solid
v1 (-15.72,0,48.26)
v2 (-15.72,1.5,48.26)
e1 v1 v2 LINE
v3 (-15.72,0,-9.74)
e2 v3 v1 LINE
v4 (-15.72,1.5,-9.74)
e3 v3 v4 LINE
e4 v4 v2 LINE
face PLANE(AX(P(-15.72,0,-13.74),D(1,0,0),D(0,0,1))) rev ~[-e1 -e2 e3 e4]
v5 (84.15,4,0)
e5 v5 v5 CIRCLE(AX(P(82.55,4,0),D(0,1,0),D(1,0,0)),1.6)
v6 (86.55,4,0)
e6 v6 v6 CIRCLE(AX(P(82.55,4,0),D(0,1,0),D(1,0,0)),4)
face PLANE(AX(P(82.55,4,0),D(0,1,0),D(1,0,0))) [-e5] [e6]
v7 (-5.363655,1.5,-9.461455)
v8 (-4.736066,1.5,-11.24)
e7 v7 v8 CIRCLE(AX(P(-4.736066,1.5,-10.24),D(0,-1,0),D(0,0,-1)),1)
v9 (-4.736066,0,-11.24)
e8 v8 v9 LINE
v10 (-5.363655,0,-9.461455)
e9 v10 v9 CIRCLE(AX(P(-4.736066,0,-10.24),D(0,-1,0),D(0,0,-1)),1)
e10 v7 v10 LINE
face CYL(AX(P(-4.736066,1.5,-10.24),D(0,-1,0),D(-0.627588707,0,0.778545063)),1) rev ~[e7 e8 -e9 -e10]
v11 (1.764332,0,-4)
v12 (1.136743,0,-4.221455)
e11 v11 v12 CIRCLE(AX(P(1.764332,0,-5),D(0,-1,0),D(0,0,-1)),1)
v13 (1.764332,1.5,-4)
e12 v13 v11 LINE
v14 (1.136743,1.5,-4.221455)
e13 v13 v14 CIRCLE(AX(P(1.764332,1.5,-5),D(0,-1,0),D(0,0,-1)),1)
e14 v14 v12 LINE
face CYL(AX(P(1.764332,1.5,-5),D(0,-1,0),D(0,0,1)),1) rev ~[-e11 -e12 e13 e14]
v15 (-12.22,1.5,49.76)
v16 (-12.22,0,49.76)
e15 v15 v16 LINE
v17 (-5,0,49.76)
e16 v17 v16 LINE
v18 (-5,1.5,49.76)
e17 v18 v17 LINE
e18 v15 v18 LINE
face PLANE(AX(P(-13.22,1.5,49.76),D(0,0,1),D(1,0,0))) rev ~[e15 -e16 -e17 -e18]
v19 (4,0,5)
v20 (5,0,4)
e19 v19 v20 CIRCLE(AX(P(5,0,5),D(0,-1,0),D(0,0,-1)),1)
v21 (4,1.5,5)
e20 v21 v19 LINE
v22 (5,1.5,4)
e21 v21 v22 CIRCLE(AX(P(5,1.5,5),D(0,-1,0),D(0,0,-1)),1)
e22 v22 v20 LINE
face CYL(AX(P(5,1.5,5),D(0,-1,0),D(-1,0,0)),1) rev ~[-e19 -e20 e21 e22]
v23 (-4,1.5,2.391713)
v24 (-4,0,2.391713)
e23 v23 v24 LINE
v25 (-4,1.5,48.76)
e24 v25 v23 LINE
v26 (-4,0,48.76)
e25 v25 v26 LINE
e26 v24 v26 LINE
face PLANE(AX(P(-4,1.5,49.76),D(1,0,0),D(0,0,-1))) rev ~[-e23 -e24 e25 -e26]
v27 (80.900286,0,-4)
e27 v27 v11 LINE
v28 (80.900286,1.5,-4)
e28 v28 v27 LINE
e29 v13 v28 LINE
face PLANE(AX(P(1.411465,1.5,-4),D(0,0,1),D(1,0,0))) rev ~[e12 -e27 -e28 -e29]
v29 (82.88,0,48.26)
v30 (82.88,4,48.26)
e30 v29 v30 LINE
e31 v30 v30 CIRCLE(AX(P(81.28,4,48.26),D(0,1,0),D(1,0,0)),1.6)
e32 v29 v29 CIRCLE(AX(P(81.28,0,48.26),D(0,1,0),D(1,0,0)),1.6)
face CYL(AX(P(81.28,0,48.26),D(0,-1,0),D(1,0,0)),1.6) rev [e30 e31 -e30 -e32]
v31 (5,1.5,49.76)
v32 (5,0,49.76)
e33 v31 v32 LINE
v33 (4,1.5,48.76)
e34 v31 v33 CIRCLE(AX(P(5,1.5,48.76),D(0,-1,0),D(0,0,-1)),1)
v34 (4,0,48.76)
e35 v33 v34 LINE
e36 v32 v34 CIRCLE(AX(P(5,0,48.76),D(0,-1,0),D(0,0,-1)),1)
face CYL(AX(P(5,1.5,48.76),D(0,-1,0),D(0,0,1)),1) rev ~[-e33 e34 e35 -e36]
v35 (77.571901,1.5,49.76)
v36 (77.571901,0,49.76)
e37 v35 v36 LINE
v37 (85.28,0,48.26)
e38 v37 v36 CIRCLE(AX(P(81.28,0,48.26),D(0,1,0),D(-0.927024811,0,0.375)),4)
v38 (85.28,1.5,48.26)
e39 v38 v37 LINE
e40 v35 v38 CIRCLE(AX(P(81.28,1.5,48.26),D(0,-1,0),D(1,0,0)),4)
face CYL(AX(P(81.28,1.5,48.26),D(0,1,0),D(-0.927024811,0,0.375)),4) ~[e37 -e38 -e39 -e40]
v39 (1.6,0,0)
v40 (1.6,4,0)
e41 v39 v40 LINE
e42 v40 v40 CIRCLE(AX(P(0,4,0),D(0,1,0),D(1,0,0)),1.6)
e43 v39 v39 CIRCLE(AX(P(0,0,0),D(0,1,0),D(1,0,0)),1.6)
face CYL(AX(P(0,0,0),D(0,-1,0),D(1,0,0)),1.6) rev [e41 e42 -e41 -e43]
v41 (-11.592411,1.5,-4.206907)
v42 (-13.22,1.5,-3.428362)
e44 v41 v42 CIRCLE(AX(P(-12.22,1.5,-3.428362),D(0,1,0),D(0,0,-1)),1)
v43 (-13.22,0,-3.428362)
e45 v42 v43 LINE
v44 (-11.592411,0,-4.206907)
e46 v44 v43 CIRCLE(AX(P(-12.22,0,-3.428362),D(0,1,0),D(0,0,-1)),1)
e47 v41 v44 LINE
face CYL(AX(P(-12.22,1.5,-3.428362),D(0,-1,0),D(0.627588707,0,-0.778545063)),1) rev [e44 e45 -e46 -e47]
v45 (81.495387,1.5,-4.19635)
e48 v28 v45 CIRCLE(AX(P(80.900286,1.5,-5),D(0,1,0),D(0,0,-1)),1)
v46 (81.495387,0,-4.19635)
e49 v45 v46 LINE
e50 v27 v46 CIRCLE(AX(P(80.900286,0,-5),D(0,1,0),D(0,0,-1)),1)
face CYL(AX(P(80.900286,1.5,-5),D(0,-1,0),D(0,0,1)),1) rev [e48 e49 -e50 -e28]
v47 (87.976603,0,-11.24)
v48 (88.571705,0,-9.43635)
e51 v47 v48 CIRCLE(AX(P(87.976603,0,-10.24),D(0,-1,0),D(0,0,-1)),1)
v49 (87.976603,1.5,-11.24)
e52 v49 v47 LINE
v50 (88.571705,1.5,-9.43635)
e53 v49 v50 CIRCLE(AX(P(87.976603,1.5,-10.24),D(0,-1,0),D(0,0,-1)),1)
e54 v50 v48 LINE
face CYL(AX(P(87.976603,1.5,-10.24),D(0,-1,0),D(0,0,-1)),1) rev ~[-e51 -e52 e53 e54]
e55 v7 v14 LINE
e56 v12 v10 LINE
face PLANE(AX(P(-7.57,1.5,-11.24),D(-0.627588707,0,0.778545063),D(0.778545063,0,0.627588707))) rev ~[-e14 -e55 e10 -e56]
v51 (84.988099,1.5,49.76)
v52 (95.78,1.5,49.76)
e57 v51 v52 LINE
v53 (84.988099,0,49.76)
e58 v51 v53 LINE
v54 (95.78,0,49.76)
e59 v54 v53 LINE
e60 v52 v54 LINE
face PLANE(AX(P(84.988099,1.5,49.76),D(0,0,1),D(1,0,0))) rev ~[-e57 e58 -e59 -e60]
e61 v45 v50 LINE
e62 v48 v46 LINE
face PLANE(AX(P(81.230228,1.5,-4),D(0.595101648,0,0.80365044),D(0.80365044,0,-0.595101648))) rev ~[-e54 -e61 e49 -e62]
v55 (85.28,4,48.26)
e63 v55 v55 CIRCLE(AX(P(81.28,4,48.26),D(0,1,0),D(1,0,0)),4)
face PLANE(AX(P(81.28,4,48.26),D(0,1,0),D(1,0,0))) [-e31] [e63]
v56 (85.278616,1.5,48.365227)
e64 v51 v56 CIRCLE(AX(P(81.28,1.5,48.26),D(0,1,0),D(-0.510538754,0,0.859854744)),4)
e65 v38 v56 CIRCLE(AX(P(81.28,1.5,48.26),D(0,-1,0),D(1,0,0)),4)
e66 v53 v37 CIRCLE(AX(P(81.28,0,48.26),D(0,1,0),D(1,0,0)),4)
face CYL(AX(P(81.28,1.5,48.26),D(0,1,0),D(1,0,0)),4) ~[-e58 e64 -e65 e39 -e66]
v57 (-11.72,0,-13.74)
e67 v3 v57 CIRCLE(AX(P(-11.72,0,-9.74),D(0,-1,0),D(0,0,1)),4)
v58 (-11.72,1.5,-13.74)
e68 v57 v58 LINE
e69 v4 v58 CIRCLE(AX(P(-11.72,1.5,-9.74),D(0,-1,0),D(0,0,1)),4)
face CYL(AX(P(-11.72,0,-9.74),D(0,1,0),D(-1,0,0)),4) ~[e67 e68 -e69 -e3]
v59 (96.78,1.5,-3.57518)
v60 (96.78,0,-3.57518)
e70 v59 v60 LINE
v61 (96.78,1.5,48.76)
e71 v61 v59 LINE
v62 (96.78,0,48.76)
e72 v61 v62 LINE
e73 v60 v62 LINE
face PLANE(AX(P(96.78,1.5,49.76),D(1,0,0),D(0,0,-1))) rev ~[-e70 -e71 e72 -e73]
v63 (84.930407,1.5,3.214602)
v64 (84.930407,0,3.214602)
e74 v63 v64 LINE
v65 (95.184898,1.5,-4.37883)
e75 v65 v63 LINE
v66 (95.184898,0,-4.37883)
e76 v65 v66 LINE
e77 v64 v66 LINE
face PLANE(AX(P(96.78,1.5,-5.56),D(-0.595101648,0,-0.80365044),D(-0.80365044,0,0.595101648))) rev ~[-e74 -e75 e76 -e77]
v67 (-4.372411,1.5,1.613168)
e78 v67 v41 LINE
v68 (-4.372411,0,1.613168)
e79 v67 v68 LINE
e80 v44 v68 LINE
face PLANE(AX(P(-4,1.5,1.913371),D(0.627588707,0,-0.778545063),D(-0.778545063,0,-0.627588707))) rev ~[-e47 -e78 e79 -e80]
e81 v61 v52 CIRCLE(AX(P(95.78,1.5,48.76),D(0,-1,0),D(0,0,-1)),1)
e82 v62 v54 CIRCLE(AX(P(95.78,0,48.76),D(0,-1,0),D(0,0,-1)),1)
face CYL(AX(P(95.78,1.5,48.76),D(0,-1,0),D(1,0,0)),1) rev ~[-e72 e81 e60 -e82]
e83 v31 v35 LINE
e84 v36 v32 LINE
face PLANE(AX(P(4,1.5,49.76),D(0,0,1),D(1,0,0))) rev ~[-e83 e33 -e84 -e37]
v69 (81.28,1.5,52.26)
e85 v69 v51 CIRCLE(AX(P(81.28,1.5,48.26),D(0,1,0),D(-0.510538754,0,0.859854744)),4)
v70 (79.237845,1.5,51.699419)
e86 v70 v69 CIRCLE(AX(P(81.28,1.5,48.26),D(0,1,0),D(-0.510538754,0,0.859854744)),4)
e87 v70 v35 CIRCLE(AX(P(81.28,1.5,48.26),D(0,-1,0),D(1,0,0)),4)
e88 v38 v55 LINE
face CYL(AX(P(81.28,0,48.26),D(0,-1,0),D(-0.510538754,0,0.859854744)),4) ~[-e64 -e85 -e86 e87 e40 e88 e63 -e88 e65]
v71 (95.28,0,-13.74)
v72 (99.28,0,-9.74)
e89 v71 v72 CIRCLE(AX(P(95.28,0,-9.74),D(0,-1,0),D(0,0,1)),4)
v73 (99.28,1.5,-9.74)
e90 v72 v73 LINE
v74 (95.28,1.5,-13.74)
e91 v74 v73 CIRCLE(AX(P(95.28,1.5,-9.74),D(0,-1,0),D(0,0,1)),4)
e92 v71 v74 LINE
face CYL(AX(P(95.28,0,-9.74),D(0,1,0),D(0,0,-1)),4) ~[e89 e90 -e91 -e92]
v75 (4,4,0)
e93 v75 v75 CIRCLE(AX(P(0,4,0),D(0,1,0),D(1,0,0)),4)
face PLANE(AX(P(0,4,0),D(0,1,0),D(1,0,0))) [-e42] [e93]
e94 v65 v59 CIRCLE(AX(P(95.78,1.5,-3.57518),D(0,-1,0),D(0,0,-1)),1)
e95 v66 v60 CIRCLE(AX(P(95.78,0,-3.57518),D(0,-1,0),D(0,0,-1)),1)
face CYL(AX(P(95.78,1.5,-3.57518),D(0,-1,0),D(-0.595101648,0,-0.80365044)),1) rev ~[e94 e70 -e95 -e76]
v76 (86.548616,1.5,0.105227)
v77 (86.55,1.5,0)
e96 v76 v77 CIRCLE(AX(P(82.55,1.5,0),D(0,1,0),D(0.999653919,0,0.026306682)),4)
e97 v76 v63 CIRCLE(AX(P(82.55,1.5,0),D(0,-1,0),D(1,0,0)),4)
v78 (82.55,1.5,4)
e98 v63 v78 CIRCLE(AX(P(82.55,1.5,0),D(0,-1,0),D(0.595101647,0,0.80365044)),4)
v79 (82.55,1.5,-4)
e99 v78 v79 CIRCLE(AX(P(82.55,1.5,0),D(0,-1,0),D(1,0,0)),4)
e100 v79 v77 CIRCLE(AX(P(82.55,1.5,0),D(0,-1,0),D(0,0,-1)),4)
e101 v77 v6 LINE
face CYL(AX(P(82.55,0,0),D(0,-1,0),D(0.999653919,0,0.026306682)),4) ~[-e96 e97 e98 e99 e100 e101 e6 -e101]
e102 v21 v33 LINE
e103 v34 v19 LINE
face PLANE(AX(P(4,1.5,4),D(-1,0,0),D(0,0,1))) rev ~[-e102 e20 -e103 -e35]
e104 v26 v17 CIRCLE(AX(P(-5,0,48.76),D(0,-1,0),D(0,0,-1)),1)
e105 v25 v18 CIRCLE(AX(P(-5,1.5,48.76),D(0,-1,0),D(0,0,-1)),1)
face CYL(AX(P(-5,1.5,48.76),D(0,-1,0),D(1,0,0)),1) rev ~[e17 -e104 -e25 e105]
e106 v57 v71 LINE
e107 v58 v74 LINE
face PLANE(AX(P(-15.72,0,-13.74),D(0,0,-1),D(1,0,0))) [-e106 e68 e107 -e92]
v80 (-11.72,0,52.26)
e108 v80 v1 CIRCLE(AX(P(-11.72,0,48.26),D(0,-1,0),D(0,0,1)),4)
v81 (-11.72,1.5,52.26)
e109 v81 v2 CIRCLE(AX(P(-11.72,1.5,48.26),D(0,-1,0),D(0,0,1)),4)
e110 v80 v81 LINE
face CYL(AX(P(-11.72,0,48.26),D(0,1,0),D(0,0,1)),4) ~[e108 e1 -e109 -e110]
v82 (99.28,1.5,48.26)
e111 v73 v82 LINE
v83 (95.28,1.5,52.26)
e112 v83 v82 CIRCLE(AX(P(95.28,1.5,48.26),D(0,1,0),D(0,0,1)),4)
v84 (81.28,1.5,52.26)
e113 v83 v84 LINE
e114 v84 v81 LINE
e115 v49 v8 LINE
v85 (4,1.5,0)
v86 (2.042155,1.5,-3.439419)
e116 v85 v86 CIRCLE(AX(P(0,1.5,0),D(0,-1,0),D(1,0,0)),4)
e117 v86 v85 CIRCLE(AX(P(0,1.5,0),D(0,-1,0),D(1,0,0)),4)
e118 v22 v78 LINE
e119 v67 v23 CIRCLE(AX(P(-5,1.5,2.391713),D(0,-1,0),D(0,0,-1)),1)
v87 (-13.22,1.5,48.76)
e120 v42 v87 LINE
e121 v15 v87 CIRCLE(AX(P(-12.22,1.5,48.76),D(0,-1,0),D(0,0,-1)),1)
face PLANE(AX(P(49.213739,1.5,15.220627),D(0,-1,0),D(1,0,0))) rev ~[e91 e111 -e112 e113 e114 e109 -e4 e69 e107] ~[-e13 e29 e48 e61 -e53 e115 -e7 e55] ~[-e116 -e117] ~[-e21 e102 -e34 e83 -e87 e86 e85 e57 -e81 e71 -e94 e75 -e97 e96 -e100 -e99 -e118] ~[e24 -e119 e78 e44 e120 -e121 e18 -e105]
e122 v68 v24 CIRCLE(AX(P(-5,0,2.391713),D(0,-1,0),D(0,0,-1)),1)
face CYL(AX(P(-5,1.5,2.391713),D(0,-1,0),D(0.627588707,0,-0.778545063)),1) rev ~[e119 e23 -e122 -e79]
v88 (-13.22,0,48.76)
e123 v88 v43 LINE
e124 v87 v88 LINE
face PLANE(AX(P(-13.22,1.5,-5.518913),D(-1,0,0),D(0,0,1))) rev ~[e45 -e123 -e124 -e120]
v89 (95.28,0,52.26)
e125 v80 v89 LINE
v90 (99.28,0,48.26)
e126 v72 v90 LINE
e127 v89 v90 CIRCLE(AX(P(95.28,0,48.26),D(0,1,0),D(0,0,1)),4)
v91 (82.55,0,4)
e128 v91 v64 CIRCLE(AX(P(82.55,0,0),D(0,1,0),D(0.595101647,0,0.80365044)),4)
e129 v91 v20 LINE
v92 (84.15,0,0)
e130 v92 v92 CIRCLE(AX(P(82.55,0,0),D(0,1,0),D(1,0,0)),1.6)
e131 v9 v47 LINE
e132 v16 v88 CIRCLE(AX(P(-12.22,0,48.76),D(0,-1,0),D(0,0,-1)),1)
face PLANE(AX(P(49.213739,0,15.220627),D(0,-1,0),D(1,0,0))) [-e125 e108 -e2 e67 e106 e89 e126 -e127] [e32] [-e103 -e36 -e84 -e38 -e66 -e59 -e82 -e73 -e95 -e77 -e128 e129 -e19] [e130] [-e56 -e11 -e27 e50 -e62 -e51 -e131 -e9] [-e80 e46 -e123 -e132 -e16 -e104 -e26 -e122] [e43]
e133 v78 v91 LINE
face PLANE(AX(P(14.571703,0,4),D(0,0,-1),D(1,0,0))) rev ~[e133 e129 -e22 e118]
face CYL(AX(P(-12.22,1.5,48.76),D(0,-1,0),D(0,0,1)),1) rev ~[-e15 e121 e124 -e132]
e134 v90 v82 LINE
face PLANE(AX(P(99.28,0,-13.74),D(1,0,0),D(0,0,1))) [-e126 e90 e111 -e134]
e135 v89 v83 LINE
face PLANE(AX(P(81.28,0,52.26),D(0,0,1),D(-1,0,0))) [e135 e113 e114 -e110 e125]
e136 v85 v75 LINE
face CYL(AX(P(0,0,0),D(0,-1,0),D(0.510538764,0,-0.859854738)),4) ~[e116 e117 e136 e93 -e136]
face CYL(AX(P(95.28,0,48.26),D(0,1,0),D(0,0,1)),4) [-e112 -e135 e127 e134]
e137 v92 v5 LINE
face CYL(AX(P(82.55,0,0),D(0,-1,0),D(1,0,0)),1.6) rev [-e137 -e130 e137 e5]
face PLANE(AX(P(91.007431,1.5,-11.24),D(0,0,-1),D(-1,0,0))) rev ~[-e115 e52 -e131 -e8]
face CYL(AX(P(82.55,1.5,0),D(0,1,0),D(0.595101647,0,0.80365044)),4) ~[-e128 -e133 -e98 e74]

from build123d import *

# Parameters (mm, degrees)
CROQUIS1_R              = 1.6
SALIENTE_EXTRUIR1_DEPTH = 1.5
CROQUIS1_3_R            = 4
CROQUIS1_3_R_2          = 1.6
SALIENTE_EXTRUIR2_DEPTH = 4
CROQUIS2_R              = 1.6
CROQUIS2_W              = 115
CROQUIS2_H              = 66
SALIENTE_EXTRUIR7_DEPTH = 1.5
CORTAR_EXTRUIR1_DEPTH   = 10
REDONDEO1_R             = 1
REDONDEO2_R             = 4


with BuildPart() as part:
    # Croquis1 → Saliente-Extruir1 (new body)
    with BuildSketch(Plane(origin=(0, 0, 0), x_dir=(1, 0, 0), z_dir=(0, 1, 0))):
        with BuildLine():
            ThreePointArc((2.042155055, 3.439418953), (-3.439418964, 2.042155036), (-2.042155017, -3.439418975))
            Line((-2.042155017, -3.439418975), (79.237844983, -51.699418975))
            ThreePointArc((79.237844983, -51.699418975), (83.212910775, -51.76197886), (85.278615677, -48.365226728))
            Line((85.278615677, -48.365226728), (86.548615677, -0.105226728))
            ThreePointArc((86.548615677, -0.105226728), (85.415388884, 2.790975912), (82.55, 4))
            Line((82.55, 4), (1.098018554, 4))
            Line((1.098018554, 4), (2.042155055, 3.439418953))
        make_face()
        Polygon((77.460711282, -41.340348807), (14.571702765, -4), (78.44335204, -4), align=None, mode=Mode.SUBTRACT)
        Circle(CROQUIS1_R, mode=Mode.SUBTRACT)
        with Locations((82.55, 0)):
            Circle(CROQUIS1_R, mode=Mode.SUBTRACT)
        with Locations((81.28, -48.26)):
            Circle(CROQUIS1_R, mode=Mode.SUBTRACT)
    extrude(amount=SALIENTE_EXTRUIR1_DEPTH)

    # Croquis1<3> → Saliente-Extruir2 (add)
    with BuildSketch(Plane(origin=(0, 0, 0), x_dir=(1, 0, 0), z_dir=(0, 1, 0))):
        Circle(CROQUIS1_3_R)
        Circle(CROQUIS1_3_R_2, mode=Mode.SUBTRACT)
        with Locations((82.55, 0)):
            Circle(CROQUIS1_3_R)
        with Locations((82.55, 0)):
            Circle(CROQUIS1_3_R_2, mode=Mode.SUBTRACT)
        with Locations((81.28, -48.26)):
            Circle(CROQUIS1_3_R)
        with Locations((81.28, -48.26)):
            Circle(CROQUIS1_3_R_2, mode=Mode.SUBTRACT)
    extrude(amount=SALIENTE_EXTRUIR2_DEPTH)

    # Croquis2 → Saliente-Extruir7 (add)
    with BuildSketch(Plane.XZ):
        with BuildLine():
            Line((86.548615677, 0.105226728), (85.278615677, 48.365226728))
            ThreePointArc((85.278615677, 48.365226728), (83.212910775, 51.76197886), (79.237844983, 51.699418975))
            Line((79.237844983, 51.699418975), (-2.042155017, 3.439418975))
            ThreePointArc((-2.042155017, 3.439418975), (-3.439418975, -2.042155017), (2.042155017, -3.439418975))
            Line((2.042155017, -3.439418975), (1.098018554, -4))
            Line((1.098018554, -4), (82.55, -4))
            ThreePointArc((82.55, -4), (85.415388884, -2.790975912), (86.548615677, 0.105226728))
        make_face()
        with Locations((81.28, 48.26)):
            Circle(CROQUIS2_R, mode=Mode.SUBTRACT)
        Circle(CROQUIS2_R, mode=Mode.SUBTRACT)
        with Locations((82.55, 0)):
            Circle(CROQUIS2_R, mode=Mode.SUBTRACT)
        Polygon((14.571702765, 4), (77.460711282, 41.340348807), (78.44335204, 4), align=None, mode=Mode.SUBTRACT)
        with Locations((41.78, 19.26)):
            Rectangle(CROQUIS2_W, CROQUIS2_H)
        with BuildLine():
            ThreePointArc((85.278615677, 48.365226728), (83.212910775, 51.76197886), (79.237844983, 51.699418975))
            Line((79.237844983, 51.699418975), (-2.042155017, 3.439418975))
            ThreePointArc((-2.042155017, 3.439418975), (-3.439418975, -2.042155017), (2.042155017, -3.439418975))
            Line((2.042155017, -3.439418975), (1.098018554, -4))
            Line((1.098018554, -4), (82.55, -4))
            ThreePointArc((82.55, -4), (85.415388884, -2.790975912), (86.548615677, 0.105226728))
            Line((86.548615677, 0.105226728), (85.278615677, 48.365226728))
        make_face(mode=Mode.SUBTRACT)
    extrude(amount=-SALIENTE_EXTRUIR7_DEPTH)

    # Croquis4 → Cortar-Extruir1 (cut)
    with BuildSketch(Plane(origin=(0, 1.5, 0), x_dir=(1, 0, 0), z_dir=(0, 1, 0))):
        with BuildLine():
            Line((14.571702765, -4), (4, -4))
            Line((4, -4), (4, -49.76))
            Line((4, -49.76), (77.571900756, -49.76))
            ThreePointArc((77.571900756, -49.76), (80.51593095, -44.33365329), (85.28, -48.26))
            ThreePointArc((85.28, -48.26), (85.20634671, -49.02406905), (84.988099244, -49.76))
            Line((84.988099244, -49.76), (96.78, -49.76))
            Line((96.78, -49.76), (96.78, 5.56))
            Line((96.78, 5.56), (84.93040659, -3.214601759))
            ThreePointArc((84.93040659, -3.214601759), (83.8033142, -3.798579144), (82.55, -4))
            Line((82.55, -4), (78.44335204, -4))
            Line((78.44335204, -4), (77.460711282, -41.340348807))
            Line((77.460711282, -41.340348807), (14.571702765, -4))
        make_face()
        Polygon((91.007430697, 11.24), (-7.57, 11.24), (1.411465404, 4), (81.23022842, 4), align=None)
        Polygon((-13.22, -49.76), (-4, -49.76), (-4, -1.913370522), (-13.22, 5.518913298), align=None)
    extrude(amount=-CORTAR_EXTRUIR1_DEPTH, mode=Mode.SUBTRACT)

    # Redondeo1
    redondeo1_edges = [part.edges().sort_by_distance(p)[0] for p in [
        (4, 0.75, 4),
        (96.78, 0.75, -5.56),
        (96.78, 0.75, 49.76),
        (4, 0.75, 49.76),
        (-4, 0.75, 1.913370522),
        (-4, 0.75, 49.76),
        (-13.22, 0.75, 49.76),
        (-13.22, 0.75, -5.518913298),
        (81.23022842, 0.75, -4),
        (1.411465404, 0.75, -4),
        (-7.57, 0.75, -11.24),
        (91.007430697, 0.75, -11.24),
    ]]
    fillet(redondeo1_edges, radius=REDONDEO1_R)

    # Redondeo2
    redondeo2_edges = [part.edges().sort_by_distance(p)[0] for p in [
        (-15.72, 0.75, 52.26),
        (-15.72, 0.75, -13.74),
        (99.28, 0.75, -13.74),
        (99.28, 0.75, 52.26),
    ]]
    fillet(redondeo2_edges, radius=REDONDEO2_R)


solid = part.part
